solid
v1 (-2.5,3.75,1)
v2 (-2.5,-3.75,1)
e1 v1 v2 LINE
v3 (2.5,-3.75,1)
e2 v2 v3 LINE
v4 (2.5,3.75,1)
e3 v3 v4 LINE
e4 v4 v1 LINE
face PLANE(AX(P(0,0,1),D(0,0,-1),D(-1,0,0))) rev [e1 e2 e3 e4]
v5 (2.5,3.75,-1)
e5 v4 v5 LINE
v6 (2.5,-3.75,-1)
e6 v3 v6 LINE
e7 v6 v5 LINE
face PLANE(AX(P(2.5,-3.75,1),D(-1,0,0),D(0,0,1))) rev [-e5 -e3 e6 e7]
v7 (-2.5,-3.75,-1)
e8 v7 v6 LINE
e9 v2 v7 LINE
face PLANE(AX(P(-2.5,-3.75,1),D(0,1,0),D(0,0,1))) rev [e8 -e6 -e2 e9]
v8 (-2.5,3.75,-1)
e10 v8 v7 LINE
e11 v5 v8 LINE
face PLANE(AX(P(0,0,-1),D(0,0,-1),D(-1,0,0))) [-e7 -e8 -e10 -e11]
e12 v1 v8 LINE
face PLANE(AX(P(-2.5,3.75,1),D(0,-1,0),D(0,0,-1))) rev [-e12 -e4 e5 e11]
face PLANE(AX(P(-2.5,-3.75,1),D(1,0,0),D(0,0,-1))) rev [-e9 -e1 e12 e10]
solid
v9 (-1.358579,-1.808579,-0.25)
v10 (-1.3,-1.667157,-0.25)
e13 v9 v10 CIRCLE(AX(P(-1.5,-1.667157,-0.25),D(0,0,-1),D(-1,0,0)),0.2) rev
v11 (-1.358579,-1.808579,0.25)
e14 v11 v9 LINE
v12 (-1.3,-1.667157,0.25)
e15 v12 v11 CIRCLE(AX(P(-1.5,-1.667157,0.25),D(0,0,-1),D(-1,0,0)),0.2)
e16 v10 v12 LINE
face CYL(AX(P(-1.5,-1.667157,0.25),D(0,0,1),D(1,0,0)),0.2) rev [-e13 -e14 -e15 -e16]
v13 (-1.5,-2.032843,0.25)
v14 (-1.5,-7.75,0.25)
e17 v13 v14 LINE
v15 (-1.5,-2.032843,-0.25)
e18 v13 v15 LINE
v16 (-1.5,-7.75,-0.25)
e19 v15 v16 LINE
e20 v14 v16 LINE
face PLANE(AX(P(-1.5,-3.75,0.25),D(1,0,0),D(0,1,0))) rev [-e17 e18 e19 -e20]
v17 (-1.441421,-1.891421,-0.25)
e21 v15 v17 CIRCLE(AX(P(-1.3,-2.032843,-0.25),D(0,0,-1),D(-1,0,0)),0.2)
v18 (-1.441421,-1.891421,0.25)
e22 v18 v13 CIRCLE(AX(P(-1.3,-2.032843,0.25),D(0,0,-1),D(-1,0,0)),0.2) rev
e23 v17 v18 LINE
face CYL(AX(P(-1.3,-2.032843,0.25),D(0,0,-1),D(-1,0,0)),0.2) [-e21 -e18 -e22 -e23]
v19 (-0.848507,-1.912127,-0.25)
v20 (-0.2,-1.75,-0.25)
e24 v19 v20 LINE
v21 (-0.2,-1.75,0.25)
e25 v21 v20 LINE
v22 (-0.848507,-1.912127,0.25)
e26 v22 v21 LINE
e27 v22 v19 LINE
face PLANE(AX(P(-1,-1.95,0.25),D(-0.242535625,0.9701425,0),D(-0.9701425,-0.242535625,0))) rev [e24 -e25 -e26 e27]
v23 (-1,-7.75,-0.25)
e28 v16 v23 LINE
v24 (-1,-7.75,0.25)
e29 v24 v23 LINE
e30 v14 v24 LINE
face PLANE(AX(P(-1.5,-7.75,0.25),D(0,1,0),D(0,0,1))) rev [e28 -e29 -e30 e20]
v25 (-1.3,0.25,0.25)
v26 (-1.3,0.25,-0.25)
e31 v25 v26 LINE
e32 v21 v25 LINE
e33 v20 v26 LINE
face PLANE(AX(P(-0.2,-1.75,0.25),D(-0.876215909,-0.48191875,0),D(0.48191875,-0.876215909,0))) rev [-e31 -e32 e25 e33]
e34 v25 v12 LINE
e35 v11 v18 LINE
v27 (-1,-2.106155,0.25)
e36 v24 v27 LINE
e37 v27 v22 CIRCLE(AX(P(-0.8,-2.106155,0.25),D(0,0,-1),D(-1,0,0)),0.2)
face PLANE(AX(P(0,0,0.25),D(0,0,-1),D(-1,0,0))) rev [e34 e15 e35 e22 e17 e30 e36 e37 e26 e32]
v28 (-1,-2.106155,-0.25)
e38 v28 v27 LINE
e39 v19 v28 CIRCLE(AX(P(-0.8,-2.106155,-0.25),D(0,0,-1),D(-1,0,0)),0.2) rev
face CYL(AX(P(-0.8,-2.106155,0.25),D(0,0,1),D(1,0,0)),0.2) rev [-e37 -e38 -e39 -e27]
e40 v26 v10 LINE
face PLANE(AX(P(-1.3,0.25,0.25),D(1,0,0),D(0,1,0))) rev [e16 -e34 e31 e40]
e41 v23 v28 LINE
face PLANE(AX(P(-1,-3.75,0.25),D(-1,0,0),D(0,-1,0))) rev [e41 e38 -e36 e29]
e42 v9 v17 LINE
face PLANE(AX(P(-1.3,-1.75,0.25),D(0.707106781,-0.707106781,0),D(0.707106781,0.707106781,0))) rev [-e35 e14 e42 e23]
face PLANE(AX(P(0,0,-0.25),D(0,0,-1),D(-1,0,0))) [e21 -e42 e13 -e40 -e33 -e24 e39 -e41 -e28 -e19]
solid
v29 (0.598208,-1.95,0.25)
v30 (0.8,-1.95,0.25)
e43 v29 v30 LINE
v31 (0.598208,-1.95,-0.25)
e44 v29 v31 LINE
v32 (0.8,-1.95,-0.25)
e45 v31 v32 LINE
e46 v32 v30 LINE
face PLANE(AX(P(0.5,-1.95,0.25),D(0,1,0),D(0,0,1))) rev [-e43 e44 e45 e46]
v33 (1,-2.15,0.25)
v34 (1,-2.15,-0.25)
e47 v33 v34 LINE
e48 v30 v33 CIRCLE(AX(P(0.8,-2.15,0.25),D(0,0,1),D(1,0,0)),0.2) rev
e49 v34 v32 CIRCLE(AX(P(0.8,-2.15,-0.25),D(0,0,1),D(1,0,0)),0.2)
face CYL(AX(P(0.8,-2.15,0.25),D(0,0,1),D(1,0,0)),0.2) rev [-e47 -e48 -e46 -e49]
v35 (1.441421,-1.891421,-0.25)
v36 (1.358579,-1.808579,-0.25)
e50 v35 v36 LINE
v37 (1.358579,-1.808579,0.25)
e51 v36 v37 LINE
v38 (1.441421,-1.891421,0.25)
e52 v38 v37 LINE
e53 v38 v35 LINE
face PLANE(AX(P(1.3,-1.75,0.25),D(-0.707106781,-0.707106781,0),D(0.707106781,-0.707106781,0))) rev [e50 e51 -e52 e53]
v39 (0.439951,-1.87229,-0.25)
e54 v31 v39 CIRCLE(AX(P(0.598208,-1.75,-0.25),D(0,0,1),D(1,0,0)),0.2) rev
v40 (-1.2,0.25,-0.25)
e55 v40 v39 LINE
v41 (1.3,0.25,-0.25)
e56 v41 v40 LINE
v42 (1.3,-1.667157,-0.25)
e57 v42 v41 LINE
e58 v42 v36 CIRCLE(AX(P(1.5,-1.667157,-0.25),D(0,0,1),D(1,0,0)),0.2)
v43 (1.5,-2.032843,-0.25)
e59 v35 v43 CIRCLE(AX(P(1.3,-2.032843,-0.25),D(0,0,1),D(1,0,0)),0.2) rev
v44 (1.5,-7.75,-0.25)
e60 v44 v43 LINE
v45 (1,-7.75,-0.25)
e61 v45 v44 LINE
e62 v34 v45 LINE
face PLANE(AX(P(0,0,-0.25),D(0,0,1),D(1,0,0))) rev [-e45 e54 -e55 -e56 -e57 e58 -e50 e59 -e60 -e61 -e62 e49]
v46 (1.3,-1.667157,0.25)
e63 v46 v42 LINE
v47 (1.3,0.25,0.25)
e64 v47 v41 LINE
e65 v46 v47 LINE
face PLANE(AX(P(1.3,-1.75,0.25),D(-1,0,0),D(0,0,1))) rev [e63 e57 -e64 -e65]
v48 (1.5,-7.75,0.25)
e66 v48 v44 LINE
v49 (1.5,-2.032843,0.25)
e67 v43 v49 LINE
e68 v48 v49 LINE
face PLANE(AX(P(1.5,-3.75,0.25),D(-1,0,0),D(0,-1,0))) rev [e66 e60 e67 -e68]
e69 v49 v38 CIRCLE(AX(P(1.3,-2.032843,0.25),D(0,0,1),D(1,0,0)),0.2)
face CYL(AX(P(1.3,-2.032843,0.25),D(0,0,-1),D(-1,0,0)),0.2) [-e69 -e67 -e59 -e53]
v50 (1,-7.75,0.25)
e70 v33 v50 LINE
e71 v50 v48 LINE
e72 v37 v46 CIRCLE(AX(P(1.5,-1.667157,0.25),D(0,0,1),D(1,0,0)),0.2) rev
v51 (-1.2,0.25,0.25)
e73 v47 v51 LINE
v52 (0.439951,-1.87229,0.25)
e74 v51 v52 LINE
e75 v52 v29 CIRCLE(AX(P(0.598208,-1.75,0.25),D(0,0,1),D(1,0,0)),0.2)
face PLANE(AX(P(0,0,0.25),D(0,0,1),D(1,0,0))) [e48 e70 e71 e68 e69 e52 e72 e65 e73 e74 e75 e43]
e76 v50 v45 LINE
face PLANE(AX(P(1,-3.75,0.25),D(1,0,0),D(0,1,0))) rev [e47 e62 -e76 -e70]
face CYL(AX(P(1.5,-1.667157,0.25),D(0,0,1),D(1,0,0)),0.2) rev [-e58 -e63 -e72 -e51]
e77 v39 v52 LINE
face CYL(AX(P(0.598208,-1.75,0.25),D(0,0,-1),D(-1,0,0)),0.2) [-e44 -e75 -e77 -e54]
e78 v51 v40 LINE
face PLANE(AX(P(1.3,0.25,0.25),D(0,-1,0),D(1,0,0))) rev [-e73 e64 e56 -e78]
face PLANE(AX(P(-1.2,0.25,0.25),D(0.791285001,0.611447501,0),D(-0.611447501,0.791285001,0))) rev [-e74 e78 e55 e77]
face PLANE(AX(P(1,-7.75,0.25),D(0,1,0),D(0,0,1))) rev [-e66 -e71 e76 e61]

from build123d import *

# Parameters (mm, degrees)
SKETCH_1_W        = 5
SKETCH_1_H        = 7.5
EXTRUDE_1_DEPTH   = 1
EXTRUDE_2_DEPTH   = 0.25
EXTRUDE_2_2_DEPTH = 0.25
FILLET_1_R        = 0.2
FILLET_2_R        = 0.2


with BuildPart() as part:
    # 草图1 → 凸台-拉伸1 (new, symmetric)
    with BuildSketch(Plane.XY):
        Rectangle(SKETCH_1_W, SKETCH_1_H)
    extrude(amount=EXTRUDE_1_DEPTH, both=True)


with BuildPart() as body_2:
    # 草图3 → 凸台-拉伸2 (new, symmetric)
    with BuildSketch(Plane.XY):
        Polygon((1.5, -3.75), (1.5, -1.95), (1.3, -1.75), (1.3, 0.25), (-1.2, 0.25), (0.5, -1.95), (1, -1.95), (1, -3.75), (1, -7.75), (1.5, -7.75), align=None)
    extrude(amount=EXTRUDE_2_DEPTH, both=True)

    # 圆角1
    fillet_1_edges = [body_2.edges().sort_by_distance(p)[0] for p in [
        (1, -1.95, 0),
        (0.5, -1.95, 0),
        (1.3, -1.75, 0),
        (1.5, -1.95, 0),
    ]]
    fillet(fillet_1_edges, radius=FILLET_1_R)


with BuildPart() as body_3:
    # 草图3 → Extrude 2 2 (new, symmetric)
    with BuildSketch(Plane.XY):
        Polygon((-1.5, -3.75), (-1.5, -7.75), (-1, -7.75), (-1, -3.75), (-1, -1.95), (-0.2, -1.75), (-1.3, 0.25), (-1.3, -1.75), (-1.5, -1.95), align=None)
    extrude(amount=EXTRUDE_2_2_DEPTH, both=True)

    # 圆角2
    fillet_2_edges = [body_3.edges().sort_by_distance(p)[0] for p in [
        (-1, -1.95, 0),
        (-1.5, -1.95, 0),
        (-1.3, -1.75, 0),
    ]]
    fillet(fillet_2_edges, radius=FILLET_2_R)


solid = Compound([part.part, body_2.part, body_3.part])
